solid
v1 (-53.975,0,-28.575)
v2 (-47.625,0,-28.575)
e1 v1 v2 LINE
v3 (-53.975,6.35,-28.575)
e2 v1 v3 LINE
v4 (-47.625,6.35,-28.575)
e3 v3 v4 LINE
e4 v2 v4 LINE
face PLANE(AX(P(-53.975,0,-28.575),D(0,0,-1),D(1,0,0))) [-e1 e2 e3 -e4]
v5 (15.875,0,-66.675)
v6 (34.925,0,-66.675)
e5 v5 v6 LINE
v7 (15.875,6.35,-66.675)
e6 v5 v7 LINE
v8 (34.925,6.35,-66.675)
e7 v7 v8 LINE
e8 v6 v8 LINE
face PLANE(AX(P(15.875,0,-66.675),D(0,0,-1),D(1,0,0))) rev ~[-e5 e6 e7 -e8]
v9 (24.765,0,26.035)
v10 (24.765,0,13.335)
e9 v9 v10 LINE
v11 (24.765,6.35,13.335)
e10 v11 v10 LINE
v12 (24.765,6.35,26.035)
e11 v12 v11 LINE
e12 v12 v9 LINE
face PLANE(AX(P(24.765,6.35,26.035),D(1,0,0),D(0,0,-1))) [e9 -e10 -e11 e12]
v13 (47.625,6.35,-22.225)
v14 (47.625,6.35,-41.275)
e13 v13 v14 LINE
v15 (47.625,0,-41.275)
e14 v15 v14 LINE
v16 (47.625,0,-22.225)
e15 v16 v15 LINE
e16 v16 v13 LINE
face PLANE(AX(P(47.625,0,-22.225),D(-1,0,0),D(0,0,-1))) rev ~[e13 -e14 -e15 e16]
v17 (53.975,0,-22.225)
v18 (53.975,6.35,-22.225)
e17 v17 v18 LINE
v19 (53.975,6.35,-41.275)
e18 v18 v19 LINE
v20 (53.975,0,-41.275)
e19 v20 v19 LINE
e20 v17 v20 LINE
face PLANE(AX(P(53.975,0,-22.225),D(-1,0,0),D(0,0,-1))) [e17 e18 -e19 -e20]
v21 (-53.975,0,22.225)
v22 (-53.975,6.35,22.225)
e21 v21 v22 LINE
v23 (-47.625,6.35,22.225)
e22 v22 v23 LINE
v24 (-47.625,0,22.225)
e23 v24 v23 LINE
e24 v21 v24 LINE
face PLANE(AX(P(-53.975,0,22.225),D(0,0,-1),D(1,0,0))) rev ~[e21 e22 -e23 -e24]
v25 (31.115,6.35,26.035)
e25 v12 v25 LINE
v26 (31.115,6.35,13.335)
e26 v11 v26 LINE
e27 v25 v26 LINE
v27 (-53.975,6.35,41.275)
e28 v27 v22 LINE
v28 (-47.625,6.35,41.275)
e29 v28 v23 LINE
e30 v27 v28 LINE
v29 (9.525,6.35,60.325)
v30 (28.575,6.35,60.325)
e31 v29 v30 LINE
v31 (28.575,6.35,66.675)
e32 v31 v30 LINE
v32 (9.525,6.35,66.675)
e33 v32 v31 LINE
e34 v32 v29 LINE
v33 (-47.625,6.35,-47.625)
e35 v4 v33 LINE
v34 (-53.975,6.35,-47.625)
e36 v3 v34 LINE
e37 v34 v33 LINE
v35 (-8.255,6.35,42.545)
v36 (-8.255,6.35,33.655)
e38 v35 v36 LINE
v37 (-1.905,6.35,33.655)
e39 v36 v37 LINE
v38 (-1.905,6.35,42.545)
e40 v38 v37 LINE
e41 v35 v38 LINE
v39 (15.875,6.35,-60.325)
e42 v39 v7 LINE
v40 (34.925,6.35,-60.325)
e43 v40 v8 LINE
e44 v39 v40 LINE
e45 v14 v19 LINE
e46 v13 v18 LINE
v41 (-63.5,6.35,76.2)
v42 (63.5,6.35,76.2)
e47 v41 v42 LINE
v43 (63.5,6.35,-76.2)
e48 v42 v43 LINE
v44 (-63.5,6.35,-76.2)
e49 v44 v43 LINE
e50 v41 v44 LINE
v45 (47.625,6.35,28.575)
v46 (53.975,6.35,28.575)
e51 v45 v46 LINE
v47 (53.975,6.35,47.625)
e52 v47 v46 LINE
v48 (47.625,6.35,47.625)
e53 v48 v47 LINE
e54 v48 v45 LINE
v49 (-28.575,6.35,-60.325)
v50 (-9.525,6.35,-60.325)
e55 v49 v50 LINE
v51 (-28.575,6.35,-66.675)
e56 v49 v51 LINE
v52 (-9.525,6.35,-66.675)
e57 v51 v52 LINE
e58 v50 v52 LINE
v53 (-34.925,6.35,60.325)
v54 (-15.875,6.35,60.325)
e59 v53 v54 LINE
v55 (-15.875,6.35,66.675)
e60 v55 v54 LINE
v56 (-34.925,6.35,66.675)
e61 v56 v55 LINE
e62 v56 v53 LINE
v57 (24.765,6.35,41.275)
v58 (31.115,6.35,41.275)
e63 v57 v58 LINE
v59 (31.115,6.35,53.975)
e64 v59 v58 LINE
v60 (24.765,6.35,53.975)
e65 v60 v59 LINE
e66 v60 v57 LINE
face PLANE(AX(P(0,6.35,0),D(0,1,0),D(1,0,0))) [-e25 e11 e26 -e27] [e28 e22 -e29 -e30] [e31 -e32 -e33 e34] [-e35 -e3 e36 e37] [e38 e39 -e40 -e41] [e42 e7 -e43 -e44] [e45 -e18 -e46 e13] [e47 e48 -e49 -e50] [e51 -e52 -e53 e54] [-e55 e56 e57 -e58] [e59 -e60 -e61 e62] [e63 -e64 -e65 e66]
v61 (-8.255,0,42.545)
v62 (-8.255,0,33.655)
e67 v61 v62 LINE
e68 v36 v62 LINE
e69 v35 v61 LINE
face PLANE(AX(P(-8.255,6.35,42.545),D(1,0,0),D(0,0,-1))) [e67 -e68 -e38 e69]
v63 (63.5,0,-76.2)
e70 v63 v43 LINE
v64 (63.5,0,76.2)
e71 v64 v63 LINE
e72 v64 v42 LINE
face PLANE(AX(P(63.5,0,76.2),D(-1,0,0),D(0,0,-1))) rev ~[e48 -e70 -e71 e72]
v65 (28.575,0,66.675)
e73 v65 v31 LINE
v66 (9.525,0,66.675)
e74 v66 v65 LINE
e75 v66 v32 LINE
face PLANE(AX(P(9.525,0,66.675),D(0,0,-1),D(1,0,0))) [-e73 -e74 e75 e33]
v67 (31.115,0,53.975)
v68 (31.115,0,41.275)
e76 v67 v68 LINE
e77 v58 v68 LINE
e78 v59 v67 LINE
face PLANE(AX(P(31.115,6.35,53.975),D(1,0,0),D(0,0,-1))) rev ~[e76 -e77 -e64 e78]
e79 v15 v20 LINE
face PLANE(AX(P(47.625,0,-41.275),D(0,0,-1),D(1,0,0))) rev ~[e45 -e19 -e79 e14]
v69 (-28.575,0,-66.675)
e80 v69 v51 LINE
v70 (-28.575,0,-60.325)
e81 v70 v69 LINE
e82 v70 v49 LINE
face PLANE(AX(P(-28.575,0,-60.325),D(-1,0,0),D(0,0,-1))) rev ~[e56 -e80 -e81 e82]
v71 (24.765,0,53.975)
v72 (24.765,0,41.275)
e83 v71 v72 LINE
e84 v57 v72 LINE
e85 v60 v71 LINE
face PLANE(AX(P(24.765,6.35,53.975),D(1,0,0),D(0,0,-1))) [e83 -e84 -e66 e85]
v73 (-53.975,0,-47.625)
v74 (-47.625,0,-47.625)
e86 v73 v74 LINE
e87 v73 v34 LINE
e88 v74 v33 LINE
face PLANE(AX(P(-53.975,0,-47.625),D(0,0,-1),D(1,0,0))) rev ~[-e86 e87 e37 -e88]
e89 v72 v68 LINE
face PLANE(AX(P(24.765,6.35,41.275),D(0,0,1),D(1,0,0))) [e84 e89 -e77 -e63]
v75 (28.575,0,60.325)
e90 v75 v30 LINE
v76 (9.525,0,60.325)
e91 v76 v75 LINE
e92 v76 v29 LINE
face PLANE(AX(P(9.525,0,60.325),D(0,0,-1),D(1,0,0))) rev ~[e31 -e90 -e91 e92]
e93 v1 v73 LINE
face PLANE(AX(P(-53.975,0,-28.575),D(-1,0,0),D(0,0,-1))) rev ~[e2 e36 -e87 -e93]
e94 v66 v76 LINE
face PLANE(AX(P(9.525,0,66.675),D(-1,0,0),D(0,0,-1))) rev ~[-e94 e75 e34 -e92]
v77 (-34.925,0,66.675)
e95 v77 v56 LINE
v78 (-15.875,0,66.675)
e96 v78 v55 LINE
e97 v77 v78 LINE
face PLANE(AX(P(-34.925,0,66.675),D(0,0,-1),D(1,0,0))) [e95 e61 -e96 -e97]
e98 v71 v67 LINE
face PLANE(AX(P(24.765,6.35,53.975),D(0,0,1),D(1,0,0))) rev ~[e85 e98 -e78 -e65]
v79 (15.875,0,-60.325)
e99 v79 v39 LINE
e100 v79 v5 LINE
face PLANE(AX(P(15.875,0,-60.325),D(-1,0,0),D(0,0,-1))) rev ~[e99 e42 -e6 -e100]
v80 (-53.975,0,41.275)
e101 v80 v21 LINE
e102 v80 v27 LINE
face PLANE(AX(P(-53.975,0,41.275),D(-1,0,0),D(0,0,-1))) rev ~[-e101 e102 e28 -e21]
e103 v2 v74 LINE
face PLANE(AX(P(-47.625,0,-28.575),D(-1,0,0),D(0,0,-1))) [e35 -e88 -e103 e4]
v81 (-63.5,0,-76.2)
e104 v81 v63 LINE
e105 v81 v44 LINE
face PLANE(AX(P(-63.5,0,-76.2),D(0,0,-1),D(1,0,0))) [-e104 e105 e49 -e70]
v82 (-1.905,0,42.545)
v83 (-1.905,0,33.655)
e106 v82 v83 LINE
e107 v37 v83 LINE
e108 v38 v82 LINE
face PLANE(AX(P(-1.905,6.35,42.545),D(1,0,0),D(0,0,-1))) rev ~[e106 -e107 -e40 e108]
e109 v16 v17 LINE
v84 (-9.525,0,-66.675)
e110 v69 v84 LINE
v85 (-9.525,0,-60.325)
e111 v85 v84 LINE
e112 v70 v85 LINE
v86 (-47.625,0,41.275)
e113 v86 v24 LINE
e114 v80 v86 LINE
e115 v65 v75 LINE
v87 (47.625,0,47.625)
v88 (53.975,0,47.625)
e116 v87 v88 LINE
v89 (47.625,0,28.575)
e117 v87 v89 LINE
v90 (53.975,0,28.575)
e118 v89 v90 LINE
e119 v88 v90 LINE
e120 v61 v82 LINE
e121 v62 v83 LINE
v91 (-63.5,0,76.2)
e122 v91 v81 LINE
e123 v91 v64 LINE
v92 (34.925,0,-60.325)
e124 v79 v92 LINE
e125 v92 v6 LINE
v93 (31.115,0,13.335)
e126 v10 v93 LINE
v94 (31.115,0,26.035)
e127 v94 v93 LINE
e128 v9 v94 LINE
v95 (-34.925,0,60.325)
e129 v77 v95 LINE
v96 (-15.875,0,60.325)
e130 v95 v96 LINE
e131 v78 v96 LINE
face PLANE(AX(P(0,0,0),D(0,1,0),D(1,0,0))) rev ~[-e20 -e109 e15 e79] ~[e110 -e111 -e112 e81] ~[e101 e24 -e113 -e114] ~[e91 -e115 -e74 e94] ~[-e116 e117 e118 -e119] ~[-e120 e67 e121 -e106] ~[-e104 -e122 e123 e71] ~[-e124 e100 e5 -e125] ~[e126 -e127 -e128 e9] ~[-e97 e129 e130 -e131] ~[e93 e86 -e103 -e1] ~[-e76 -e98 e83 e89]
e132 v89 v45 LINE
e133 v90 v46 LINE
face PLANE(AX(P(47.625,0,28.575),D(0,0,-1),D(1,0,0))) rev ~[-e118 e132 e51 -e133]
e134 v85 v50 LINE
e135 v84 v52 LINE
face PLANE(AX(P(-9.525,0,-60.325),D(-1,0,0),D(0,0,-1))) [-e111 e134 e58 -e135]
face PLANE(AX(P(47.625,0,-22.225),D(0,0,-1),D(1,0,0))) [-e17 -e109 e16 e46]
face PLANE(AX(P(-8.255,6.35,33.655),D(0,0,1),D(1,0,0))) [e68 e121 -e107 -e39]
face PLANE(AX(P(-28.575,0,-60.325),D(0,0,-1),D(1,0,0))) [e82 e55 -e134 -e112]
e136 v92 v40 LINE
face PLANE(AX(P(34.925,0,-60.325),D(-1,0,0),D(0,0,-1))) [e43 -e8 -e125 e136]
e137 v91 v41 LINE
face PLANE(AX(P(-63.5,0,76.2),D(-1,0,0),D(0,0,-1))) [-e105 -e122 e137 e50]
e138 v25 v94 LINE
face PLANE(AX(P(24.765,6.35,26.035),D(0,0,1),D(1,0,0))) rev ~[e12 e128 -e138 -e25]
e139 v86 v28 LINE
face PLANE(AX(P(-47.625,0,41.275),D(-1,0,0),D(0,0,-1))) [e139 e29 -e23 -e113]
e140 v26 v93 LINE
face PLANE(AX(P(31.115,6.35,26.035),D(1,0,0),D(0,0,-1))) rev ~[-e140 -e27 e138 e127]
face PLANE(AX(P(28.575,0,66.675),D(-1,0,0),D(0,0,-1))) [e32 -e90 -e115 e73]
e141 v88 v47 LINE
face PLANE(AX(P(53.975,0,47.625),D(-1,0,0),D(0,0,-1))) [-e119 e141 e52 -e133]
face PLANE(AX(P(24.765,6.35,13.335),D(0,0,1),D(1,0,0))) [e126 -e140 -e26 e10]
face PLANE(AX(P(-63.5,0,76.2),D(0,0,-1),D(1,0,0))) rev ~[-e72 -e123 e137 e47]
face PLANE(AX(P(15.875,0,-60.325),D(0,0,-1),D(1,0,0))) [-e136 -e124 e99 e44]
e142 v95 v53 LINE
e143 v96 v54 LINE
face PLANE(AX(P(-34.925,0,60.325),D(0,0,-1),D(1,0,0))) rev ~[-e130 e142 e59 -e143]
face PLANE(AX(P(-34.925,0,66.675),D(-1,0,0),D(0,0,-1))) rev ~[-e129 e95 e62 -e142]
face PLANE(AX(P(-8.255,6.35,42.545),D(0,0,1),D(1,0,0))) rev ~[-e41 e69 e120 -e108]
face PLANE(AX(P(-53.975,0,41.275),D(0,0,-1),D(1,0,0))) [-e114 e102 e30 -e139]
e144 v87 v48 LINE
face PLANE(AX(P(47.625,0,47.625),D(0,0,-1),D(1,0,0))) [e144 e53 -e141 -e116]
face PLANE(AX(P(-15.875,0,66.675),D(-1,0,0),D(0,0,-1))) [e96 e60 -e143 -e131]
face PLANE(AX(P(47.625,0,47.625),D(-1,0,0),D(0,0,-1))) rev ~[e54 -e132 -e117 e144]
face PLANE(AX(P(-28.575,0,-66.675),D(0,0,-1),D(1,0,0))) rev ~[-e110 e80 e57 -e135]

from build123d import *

# Parameters (mm, degrees)
SKETCH1_W         = 127
SKETCH1_H         = 152.4
SKETCH1_W_2       = 19.05
SKETCH1_H_2       = 6.35
SKETCH1_W_3       = 6.35
SKETCH1_H_3       = 19.05
BASE_DEPTH        = 6.35
SKETCH2_W         = 6.35
SKETCH2_H         = 12.7
SKETCH2_H_2       = 8.89
MOTORMOUNTS_DEPTH = 100.3932216


with BuildPart() as part:
    # Sketch1 → BASE (new body)
    with BuildSketch(Plane(origin=(0, 0, 0), x_dir=(1, 0, 0), z_dir=(0, 1, 0))):
        Rectangle(SKETCH1_W, SKETCH1_H)
        with Locations((-19.05, 63.5)):
            Rectangle(SKETCH1_W_2, SKETCH1_H_2, mode=Mode.SUBTRACT)
        with Locations((25.4, 63.5)):
            Rectangle(SKETCH1_W_2, SKETCH1_H_2, mode=Mode.SUBTRACT)
        with Locations((-50.8, 38.1)):
            Rectangle(SKETCH1_W_3, SKETCH1_H_3, mode=Mode.SUBTRACT)
        with Locations((-50.8, -31.75)):
            Rectangle(SKETCH1_W_3, SKETCH1_H_3, mode=Mode.SUBTRACT)
        with Locations((-25.4, -63.5)):
            Rectangle(SKETCH1_W_2, SKETCH1_H_2, mode=Mode.SUBTRACT)
        with Locations((19.05, -63.5)):
            Rectangle(SKETCH1_W_2, SKETCH1_H_2, mode=Mode.SUBTRACT)
        with Locations((50.8, -38.1)):
            Rectangle(SKETCH1_W_3, SKETCH1_H_3, mode=Mode.SUBTRACT)
        with Locations((50.8, 31.75)):
            Rectangle(SKETCH1_W_3, SKETCH1_H_3, mode=Mode.SUBTRACT)
    extrude(amount=BASE_DEPTH)

    # Sketch2 → MOTORMOUNTS (cut, through all)
    with BuildSketch(Plane(origin=(0, 6.35, 0), x_dir=(1, 0, 0), z_dir=(0, 1, 0))):
        with Locations((27.94, -19.685)):
            Rectangle(SKETCH2_W, SKETCH2_H)
        with Locations((27.94, -47.625)):
            Rectangle(SKETCH2_W, SKETCH2_H)
        with Locations((-5.08, -38.1)):
            Rectangle(SKETCH2_W, SKETCH2_H_2)
    extrude(amount=-MOTORMOUNTS_DEPTH, mode=Mode.SUBTRACT)


solid = part.part
